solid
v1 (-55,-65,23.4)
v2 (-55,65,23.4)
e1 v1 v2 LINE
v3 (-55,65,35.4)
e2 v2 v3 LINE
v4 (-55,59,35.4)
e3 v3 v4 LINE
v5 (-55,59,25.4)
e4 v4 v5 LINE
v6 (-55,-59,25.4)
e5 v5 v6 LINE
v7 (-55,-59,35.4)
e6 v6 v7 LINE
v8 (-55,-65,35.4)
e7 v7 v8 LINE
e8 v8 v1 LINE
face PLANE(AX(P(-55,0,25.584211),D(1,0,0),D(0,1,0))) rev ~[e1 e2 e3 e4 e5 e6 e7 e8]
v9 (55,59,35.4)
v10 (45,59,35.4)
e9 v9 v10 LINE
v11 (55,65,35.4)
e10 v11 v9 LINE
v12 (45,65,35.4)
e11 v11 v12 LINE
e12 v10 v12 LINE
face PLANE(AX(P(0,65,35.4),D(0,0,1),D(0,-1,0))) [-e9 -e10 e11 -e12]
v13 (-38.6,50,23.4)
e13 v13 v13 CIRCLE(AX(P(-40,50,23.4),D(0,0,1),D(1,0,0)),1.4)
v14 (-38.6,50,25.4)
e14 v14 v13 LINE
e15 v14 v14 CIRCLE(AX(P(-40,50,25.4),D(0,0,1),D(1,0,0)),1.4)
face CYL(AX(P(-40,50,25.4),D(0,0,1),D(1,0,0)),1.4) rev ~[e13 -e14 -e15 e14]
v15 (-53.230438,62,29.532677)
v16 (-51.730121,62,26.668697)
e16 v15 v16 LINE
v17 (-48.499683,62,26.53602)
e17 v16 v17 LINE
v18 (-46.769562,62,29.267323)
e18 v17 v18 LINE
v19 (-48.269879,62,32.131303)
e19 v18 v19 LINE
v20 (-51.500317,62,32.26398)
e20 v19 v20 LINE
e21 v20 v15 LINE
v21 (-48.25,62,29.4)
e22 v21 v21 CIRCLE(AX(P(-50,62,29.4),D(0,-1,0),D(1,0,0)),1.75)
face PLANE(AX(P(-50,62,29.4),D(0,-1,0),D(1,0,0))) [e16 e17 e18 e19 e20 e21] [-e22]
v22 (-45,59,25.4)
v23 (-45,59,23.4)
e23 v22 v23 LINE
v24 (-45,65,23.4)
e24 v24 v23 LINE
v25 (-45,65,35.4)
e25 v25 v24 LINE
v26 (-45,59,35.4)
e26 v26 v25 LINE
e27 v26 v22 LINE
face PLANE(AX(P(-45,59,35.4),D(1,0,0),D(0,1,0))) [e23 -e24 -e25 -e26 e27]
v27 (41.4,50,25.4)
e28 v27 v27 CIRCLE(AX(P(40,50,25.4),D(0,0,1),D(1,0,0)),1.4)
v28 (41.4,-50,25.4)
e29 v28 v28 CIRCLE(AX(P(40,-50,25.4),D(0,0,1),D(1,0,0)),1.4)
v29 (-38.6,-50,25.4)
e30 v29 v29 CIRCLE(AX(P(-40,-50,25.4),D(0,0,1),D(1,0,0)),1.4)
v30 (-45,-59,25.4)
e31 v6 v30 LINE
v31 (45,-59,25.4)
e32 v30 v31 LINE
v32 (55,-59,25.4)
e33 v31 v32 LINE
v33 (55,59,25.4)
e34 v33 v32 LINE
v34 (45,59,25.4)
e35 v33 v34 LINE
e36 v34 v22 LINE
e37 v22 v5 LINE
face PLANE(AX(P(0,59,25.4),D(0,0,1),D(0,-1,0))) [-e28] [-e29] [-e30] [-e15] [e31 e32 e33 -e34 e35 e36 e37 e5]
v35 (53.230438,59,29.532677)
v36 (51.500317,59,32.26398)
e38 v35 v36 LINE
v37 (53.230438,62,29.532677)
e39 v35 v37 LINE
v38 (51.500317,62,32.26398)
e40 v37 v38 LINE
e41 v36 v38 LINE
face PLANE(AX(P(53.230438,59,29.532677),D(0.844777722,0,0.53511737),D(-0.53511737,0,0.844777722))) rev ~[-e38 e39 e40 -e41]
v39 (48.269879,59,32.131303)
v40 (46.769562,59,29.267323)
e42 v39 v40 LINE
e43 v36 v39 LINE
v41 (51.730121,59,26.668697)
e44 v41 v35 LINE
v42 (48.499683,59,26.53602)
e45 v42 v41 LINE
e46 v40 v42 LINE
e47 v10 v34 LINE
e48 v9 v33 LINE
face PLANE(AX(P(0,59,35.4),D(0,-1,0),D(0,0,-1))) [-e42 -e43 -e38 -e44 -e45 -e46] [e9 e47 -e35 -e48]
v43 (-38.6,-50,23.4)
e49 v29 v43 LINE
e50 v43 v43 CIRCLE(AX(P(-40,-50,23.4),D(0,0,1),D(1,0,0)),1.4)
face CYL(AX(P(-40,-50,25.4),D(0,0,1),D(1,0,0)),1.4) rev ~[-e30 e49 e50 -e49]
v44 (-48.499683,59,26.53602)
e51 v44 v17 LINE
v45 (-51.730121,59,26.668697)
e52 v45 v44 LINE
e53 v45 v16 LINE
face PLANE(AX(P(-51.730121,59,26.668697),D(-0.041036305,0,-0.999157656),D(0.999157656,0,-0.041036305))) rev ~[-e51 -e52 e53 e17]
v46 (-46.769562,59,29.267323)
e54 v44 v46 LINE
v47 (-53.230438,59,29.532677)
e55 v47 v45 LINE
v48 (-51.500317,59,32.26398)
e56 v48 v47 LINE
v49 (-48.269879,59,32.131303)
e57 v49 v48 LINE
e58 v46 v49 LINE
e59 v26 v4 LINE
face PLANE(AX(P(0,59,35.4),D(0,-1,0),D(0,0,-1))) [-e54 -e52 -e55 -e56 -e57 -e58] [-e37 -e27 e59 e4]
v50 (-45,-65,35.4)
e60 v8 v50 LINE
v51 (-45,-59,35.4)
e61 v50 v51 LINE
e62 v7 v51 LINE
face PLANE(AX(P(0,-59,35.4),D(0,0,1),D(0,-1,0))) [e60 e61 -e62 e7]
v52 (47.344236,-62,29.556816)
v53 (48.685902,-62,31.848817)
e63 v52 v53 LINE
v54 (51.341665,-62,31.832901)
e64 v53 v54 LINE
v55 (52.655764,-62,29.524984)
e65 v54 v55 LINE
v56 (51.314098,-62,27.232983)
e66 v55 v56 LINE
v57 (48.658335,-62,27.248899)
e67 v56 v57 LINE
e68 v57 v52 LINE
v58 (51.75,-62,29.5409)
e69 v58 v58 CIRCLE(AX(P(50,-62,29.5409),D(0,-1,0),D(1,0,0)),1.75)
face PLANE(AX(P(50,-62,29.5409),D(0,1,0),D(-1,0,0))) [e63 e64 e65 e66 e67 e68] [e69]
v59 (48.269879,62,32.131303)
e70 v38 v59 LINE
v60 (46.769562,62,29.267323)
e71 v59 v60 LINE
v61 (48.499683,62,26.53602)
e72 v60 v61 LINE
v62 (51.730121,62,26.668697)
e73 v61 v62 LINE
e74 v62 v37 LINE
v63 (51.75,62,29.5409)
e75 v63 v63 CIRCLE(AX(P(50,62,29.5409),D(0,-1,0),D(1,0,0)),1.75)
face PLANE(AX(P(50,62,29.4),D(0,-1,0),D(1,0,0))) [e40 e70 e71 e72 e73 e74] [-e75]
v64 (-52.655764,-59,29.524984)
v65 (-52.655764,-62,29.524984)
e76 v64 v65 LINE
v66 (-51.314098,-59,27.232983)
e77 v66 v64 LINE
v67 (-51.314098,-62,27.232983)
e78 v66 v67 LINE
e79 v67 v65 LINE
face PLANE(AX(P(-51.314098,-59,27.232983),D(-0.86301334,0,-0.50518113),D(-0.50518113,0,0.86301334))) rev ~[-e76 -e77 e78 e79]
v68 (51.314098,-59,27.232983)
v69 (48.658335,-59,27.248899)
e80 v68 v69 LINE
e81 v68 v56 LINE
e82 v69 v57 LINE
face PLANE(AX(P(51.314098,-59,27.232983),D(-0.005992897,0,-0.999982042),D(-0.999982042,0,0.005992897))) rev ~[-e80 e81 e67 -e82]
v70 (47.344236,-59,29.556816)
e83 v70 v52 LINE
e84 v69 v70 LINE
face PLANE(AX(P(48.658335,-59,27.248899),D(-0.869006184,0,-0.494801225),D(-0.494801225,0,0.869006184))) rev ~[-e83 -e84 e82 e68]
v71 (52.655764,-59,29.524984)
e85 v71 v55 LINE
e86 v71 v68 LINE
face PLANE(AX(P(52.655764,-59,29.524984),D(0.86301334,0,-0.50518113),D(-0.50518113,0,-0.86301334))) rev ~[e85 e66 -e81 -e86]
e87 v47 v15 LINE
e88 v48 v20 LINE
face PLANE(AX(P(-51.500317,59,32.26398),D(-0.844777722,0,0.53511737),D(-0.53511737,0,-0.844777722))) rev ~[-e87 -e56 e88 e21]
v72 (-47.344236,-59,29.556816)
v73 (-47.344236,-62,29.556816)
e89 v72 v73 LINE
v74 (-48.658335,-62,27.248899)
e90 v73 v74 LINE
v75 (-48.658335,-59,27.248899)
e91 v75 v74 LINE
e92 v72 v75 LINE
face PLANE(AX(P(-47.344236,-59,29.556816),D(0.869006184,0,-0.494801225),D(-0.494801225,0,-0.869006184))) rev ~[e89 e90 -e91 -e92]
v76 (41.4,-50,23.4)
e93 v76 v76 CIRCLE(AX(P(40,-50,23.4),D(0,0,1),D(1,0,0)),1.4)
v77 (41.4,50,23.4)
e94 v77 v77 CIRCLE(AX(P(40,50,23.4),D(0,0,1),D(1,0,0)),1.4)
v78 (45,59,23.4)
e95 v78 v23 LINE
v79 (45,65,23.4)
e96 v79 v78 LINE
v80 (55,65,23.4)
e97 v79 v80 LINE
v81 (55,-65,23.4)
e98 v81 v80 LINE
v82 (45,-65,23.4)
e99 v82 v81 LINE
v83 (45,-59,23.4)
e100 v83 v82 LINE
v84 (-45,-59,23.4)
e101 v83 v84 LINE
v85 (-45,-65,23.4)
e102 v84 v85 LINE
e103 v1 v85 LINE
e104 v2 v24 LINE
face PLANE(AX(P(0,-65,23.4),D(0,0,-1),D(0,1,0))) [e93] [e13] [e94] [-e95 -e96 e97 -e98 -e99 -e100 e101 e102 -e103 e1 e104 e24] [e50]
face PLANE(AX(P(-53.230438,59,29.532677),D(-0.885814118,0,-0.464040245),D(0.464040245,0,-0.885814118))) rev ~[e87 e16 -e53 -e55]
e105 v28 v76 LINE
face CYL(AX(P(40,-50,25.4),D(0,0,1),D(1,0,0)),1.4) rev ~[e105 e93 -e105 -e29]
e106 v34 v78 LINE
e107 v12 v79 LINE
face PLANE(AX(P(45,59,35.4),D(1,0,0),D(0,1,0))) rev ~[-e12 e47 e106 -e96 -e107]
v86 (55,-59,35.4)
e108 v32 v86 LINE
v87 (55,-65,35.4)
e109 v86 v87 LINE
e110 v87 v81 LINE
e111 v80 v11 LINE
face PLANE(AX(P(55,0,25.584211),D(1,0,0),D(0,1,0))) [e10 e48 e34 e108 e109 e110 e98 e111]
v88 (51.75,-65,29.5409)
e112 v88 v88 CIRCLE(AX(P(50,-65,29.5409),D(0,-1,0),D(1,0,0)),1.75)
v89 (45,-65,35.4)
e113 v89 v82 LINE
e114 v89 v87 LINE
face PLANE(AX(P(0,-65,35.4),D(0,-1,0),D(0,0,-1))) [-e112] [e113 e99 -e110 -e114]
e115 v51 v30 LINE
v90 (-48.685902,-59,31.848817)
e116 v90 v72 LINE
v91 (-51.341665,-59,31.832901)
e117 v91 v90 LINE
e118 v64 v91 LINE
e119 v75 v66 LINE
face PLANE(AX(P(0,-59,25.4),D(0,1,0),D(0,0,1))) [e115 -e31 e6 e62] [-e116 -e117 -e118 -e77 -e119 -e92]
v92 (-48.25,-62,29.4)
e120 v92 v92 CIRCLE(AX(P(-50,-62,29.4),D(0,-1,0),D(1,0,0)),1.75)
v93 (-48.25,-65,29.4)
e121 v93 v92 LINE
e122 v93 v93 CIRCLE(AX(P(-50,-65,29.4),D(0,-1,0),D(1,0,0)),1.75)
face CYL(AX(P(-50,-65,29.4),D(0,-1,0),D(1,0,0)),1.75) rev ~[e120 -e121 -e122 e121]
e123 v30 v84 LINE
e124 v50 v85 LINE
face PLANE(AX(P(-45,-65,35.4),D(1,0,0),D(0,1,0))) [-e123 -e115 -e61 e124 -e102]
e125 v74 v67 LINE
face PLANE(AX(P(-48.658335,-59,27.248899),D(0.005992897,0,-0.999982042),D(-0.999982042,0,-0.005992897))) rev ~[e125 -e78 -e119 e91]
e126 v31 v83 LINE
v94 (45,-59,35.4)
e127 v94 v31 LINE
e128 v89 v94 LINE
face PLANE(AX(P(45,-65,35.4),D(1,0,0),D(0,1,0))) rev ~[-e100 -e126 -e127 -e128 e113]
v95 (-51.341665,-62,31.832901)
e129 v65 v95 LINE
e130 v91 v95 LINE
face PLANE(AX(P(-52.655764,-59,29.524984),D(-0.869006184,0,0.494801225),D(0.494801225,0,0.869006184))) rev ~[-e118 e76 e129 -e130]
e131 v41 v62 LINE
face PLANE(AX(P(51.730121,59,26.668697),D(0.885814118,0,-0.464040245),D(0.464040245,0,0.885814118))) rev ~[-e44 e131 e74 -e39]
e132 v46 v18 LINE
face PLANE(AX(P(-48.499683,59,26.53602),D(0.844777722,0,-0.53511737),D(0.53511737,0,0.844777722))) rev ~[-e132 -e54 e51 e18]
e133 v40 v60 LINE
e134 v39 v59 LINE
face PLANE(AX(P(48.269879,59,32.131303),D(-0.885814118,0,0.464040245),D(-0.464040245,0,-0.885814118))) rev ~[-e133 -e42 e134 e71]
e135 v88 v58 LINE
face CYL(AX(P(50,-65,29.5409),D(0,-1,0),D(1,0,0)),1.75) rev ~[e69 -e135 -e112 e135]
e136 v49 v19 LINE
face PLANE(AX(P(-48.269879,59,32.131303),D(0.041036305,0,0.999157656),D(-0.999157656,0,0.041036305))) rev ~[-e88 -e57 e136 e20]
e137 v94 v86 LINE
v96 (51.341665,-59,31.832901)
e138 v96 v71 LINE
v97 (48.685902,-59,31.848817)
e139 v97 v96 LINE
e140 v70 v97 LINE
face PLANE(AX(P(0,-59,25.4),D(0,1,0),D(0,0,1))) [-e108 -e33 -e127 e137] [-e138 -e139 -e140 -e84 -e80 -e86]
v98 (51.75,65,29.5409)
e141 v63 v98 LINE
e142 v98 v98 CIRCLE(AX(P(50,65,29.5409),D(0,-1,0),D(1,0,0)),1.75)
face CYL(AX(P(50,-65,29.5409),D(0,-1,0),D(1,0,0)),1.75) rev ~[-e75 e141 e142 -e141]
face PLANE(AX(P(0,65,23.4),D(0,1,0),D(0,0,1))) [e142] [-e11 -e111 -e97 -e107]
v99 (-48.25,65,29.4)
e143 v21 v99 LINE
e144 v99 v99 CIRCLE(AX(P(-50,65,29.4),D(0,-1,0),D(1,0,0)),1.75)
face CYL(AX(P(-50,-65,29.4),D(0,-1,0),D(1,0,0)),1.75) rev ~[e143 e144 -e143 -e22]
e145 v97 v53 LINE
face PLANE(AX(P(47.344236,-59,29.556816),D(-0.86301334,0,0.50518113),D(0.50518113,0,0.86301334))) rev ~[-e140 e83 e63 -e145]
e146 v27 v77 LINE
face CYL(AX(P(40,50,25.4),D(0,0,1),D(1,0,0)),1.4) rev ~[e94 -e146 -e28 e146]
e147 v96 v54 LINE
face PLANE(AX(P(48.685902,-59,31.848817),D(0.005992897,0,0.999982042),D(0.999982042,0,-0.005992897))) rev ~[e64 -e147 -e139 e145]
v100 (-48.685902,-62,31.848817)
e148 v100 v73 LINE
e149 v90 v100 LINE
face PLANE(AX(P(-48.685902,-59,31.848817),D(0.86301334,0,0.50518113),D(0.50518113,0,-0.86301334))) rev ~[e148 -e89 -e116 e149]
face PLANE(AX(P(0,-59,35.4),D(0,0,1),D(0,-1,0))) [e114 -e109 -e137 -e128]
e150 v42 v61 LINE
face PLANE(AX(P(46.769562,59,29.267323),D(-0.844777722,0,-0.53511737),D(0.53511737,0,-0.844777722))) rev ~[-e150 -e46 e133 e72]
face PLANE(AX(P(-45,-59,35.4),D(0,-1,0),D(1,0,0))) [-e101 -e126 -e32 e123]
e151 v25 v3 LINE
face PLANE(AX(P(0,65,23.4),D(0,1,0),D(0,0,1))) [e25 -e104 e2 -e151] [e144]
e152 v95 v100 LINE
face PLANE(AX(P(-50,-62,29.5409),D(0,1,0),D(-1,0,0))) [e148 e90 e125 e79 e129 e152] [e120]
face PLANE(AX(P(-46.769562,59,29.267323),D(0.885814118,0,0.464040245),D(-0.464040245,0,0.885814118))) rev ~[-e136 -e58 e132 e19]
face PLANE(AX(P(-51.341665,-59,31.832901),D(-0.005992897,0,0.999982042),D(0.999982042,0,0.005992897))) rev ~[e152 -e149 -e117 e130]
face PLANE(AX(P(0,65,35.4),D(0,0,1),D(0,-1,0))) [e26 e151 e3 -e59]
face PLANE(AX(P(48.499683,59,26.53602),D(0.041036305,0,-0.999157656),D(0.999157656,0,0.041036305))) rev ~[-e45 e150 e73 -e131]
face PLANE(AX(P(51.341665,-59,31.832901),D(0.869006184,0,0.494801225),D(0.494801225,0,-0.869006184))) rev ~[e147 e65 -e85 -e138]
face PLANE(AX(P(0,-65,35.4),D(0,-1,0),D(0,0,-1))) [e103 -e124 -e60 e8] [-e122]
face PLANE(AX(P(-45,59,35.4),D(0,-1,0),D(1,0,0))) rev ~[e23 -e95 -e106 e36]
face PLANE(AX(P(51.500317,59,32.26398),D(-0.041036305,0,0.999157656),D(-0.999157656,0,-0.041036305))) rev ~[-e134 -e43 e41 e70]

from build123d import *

# Parameters (mm, degrees)
F1_DEPTH  = 55
F2_W      = 90
F2_H      = 6
F3_DEPTH  = 25
F4_R      = 1.75
F5_DEPTH  = 130.001
F7_DEPTH  = 3
F9_DEPTH  = 3
F10_R     = 1.4
F11_DEPTH = 25


with BuildPart() as f1:
    # F0 (on Right) → F1 (new body, symmetric)
    with BuildSketch(Plane.YZ):
        Polygon((59, 25.4), (0, 25.4), (-59, 25.4), (-59, 35.4), (-65, 35.4), (-65, 23.4), (0, 23.4), (65, 23.4), (65, 35.4), (59, 35.4), align=None)
    extrude(amount=F1_DEPTH, both=True)

    # F2 (on face) → F3 (cut)
    with BuildSketch(Plane.XY.offset(35.4)):
        with Locations((0, 62)):
            Rectangle(F2_W, F2_H)
        with Locations((0, -62)):
            Rectangle(F2_W, F2_H)
    extrude(amount=-F3_DEPTH, mode=Mode.SUBTRACT)

    # F4 (on face) → F5 (cut, through all)
    with BuildSketch(Plane.XZ.offset(65)):
        with Locations((-50, 29.4)):
            Circle(F4_R)
        with Locations((50, 29.5409)):
            Circle(F4_R)
    extrude(amount=-F5_DEPTH, mode=Mode.SUBTRACT)

    # F6 (on face) → F7 (cut)
    with BuildSketch(Plane.XZ.offset(-59)):
        Polygon((-46.769562, 29.267323), (-48.269879, 32.131303), (-51.500317, 32.26398), (-53.230438, 29.532677), (-51.730121, 26.668697), (-48.499683, 26.53602), align=None)
        Polygon((51.730121, 26.668697), (53.230438, 29.532677), (51.500317, 32.26398), (48.269879, 32.131303), (46.769562, 29.267323), (48.499683, 26.53602), align=None)
    extrude(amount=-F7_DEPTH, mode=Mode.SUBTRACT)

    # F8 (on face) → F9 (cut)
    with BuildSketch(Plane(origin=(0, -59, 0), x_dir=(-1, 0, 0), z_dir=(0, 1, 0))):
        Polygon((-47.344236, 29.556816), (-48.685902, 31.848817), (-51.341665, 31.832901), (-52.655764, 29.524984), (-51.314098, 27.232983), (-48.658335, 27.248899), align=None)
        Polygon((51.341665, 31.832901), (48.685902, 31.848817), (47.344236, 29.556816), (48.658335, 27.248899), (51.314098, 27.232983), (52.655764, 29.524984), align=None)
    extrude(amount=-F9_DEPTH, mode=Mode.SUBTRACT)

    # F10 (on face) → F11 (cut)
    with BuildSketch(Plane.XY.offset(25.4)):
        with Locations((-40, 50)):
            Circle(F10_R)
        with Locations((40, 50)):
            Circle(F10_R)
        with Locations((-40, -50)):
            Circle(F10_R)
        with Locations((40, -50)):
            Circle(F10_R)
    extrude(amount=-F11_DEPTH, mode=Mode.SUBTRACT)


solid = f1.part
